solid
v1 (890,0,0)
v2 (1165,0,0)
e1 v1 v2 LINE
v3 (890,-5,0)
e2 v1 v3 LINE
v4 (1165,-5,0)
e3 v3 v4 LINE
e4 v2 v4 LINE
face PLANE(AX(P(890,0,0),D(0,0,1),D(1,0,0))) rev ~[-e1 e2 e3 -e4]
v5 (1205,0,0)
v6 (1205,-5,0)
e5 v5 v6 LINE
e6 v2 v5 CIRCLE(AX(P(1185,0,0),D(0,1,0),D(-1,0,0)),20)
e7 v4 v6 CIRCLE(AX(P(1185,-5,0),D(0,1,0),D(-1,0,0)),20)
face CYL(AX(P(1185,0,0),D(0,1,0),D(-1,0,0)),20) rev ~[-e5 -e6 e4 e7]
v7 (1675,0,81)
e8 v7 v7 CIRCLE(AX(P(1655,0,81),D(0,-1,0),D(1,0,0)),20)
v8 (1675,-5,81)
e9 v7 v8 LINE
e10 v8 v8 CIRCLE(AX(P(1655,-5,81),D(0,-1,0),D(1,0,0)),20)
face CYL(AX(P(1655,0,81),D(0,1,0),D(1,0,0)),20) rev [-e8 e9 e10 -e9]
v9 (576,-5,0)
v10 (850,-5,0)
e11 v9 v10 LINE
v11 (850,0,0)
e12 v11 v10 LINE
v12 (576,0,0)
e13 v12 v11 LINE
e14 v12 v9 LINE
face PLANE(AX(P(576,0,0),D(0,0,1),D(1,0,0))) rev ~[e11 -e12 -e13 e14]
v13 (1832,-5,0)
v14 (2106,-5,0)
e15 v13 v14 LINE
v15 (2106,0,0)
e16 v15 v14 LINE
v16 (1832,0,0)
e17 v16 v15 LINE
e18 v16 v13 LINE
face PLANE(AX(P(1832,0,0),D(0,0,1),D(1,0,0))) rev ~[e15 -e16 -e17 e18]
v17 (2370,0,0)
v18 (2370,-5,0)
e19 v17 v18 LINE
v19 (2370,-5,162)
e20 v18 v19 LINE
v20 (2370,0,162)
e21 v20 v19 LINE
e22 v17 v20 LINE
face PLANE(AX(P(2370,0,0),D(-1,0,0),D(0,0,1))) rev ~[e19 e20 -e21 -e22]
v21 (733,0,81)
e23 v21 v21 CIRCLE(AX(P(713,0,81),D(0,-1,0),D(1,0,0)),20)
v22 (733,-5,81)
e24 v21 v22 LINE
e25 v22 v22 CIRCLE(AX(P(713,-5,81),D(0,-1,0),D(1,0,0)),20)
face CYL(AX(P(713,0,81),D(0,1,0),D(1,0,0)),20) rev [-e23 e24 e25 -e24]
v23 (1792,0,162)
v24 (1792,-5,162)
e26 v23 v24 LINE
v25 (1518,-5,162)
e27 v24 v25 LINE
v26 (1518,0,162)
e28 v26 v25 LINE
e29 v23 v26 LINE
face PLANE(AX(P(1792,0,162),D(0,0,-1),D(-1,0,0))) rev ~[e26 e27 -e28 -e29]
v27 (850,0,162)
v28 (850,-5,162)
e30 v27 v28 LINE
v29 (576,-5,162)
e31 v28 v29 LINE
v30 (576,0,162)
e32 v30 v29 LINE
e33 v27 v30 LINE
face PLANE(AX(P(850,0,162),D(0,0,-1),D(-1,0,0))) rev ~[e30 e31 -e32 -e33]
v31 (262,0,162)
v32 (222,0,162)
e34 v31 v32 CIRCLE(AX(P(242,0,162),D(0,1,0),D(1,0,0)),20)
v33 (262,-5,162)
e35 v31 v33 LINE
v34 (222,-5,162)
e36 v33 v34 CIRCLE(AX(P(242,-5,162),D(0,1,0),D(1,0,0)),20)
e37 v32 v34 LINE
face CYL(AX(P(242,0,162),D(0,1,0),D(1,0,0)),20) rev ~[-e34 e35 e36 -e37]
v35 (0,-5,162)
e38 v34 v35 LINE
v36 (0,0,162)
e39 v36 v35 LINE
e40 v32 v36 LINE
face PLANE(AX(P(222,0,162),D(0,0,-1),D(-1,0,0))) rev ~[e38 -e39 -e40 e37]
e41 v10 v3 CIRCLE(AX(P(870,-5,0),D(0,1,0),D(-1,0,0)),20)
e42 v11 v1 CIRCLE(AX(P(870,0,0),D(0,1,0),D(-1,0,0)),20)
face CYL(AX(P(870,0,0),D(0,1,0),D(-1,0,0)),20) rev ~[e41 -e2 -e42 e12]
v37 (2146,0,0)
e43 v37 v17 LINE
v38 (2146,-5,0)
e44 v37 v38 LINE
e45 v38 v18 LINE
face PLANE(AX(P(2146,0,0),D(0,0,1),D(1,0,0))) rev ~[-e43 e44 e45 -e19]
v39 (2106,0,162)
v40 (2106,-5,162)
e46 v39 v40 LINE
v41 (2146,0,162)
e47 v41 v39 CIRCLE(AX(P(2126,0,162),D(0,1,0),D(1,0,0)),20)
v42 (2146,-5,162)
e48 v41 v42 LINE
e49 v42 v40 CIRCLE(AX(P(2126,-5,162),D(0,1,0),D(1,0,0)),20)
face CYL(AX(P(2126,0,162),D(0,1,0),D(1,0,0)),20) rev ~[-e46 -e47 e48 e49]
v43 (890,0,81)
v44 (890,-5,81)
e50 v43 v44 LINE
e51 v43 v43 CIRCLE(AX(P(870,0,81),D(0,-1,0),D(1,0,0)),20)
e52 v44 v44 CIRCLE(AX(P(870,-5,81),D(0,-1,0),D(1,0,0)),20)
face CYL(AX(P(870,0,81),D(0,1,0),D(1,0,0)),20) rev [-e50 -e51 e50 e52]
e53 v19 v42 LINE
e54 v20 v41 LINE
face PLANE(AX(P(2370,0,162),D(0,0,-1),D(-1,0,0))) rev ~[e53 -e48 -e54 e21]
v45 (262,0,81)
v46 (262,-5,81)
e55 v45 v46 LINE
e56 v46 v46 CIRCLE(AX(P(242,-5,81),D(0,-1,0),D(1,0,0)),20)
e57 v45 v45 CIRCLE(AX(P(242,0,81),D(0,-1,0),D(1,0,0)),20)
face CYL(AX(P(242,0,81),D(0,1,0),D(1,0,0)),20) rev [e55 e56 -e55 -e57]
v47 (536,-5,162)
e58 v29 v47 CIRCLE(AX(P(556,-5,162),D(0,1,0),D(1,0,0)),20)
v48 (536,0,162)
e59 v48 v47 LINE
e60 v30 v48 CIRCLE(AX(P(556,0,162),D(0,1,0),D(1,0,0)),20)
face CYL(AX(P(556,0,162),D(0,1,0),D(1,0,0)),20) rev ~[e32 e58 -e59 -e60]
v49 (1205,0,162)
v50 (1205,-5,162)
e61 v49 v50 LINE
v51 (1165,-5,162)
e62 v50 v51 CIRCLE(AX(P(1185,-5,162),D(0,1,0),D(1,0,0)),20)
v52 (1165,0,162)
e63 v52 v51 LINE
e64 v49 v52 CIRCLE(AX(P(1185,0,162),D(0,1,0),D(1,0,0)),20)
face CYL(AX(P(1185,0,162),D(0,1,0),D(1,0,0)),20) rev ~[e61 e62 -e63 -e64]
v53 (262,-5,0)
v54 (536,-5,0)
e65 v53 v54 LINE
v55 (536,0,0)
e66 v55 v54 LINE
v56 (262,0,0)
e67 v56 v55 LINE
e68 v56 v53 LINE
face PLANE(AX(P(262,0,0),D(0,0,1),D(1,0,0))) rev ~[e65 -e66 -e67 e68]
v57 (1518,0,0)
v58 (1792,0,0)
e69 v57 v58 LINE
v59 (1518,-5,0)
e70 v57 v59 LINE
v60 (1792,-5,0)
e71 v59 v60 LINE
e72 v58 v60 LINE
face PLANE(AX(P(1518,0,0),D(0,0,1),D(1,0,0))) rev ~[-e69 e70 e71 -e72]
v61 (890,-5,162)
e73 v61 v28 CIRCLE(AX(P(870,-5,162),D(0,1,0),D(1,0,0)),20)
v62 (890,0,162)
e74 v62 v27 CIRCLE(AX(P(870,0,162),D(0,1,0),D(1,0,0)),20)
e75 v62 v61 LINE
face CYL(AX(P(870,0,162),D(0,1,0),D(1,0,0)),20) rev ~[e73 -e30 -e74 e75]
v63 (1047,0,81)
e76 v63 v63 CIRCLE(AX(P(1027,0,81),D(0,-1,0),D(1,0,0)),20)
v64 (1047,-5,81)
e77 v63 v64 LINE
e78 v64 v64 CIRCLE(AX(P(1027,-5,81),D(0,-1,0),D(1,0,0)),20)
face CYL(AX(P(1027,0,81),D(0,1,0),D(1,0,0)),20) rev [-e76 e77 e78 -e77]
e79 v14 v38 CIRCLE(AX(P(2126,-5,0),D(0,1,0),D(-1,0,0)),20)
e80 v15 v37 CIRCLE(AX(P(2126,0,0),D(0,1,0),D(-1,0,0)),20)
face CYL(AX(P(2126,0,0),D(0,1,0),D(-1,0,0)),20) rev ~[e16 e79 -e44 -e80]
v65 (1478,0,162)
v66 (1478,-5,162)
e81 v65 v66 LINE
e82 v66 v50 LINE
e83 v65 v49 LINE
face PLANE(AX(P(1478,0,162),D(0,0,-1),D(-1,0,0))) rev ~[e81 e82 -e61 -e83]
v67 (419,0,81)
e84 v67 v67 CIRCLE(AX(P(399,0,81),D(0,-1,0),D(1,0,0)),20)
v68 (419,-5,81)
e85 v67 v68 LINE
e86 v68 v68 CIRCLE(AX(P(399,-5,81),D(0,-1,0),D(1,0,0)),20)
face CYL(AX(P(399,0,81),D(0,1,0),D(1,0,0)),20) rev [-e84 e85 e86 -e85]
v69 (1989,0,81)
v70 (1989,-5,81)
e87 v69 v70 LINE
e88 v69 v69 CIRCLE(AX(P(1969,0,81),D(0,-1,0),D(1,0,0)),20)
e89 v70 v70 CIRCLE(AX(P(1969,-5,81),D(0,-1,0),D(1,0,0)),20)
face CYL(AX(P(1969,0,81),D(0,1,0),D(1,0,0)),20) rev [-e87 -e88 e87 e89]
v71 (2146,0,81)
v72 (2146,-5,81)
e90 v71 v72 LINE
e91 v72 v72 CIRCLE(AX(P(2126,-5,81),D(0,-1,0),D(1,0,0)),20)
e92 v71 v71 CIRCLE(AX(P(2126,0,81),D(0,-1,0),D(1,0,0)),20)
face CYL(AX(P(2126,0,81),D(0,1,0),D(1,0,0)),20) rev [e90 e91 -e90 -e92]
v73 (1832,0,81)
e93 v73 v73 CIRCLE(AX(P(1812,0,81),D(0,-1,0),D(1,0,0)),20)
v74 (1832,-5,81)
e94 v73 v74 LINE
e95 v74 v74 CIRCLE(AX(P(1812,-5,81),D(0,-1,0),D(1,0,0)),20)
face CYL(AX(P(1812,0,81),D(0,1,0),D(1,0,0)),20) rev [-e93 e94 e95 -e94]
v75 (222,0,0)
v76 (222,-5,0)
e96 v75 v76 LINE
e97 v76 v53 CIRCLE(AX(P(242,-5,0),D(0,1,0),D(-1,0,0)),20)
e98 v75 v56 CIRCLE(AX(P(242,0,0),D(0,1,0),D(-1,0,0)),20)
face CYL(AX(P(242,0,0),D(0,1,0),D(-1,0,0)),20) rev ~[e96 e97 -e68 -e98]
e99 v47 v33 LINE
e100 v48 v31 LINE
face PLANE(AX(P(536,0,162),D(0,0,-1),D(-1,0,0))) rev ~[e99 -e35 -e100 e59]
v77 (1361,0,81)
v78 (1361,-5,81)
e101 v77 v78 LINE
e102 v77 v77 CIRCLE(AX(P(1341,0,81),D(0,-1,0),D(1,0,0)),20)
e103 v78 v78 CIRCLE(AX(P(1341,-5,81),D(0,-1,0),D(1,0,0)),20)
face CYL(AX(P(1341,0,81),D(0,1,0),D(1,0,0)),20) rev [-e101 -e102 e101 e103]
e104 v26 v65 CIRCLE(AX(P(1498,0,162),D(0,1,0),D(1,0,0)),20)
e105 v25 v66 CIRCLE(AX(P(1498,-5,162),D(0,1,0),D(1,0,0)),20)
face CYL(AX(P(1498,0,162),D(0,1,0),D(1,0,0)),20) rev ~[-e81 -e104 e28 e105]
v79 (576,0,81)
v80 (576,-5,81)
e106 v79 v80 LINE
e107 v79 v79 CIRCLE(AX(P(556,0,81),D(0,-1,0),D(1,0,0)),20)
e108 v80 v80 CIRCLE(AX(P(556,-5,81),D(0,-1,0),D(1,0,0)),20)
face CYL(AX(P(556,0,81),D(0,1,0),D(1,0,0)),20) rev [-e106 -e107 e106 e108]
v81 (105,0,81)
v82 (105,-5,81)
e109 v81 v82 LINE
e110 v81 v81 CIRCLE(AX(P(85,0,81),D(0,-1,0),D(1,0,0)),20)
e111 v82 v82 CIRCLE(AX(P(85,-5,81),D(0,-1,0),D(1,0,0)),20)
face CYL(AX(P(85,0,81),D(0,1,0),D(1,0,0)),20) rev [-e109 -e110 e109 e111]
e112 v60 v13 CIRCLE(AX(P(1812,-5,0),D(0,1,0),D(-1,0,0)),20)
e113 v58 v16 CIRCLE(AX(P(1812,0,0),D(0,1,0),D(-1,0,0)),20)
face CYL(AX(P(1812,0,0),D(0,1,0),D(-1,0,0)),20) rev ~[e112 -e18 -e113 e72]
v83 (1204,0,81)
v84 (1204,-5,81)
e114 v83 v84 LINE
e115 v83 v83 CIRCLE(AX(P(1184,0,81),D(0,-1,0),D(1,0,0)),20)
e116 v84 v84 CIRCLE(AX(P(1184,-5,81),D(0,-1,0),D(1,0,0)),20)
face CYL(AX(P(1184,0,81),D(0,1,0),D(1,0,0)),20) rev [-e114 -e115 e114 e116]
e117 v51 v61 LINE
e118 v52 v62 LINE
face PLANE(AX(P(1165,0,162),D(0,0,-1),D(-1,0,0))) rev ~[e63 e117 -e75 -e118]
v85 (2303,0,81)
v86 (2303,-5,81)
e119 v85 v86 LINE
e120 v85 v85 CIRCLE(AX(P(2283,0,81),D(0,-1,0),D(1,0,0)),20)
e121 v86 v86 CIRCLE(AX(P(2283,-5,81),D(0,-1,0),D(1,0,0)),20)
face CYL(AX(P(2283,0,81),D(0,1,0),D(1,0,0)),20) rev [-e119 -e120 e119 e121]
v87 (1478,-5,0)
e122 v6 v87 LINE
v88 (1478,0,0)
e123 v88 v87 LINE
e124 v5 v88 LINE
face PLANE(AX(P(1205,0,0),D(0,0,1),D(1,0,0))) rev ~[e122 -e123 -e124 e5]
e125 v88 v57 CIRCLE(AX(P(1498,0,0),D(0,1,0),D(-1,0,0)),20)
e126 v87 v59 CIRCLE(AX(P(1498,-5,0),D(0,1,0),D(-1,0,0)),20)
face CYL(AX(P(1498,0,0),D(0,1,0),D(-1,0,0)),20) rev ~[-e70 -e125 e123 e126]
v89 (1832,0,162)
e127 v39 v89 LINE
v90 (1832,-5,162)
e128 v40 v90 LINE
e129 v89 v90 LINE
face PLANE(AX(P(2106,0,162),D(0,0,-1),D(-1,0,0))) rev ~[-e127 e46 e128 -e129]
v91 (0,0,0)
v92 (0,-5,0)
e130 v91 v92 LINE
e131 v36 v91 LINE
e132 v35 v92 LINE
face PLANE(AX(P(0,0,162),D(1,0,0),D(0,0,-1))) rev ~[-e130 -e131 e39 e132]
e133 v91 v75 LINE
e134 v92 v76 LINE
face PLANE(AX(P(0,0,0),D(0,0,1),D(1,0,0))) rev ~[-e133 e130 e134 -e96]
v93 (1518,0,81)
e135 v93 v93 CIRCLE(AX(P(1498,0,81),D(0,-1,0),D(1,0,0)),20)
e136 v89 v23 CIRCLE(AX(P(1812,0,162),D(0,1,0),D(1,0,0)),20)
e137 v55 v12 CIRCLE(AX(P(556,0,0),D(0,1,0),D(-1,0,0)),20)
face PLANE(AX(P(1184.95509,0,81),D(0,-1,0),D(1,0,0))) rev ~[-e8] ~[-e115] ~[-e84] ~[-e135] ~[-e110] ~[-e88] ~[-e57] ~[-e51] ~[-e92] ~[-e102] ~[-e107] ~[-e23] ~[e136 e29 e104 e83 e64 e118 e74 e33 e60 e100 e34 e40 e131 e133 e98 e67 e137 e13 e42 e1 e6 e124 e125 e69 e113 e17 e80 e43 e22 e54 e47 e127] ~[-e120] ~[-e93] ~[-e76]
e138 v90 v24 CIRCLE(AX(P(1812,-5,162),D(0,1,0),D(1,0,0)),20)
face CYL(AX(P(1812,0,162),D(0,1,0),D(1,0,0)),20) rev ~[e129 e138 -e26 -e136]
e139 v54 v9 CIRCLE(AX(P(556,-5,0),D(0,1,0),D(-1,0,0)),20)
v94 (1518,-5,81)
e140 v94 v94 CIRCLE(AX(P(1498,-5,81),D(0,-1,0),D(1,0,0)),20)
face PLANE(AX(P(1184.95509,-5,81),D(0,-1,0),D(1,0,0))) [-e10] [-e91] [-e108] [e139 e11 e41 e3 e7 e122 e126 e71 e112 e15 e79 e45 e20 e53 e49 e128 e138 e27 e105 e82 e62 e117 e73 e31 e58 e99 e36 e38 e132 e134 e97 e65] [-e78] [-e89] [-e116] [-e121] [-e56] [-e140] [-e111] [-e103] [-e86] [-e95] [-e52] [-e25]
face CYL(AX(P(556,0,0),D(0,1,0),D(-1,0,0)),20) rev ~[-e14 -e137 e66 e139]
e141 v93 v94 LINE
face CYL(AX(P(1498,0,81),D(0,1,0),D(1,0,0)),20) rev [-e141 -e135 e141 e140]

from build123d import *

# Parameters (mm, degrees)
F0_R     = 20
F1_DEPTH = 5


with BuildPart() as f1:
    # F0 (on Front) → F1 (new body)
    with BuildSketch(Plane.XZ):
        with BuildLine():
            ThreePointArc((2106, 0), (2126, 20), (2146, 0))
            Line((2146, 0), (2370, 0))
            Line((2370, 0), (2370, 162))
            Line((2370, 162), (2146, 162))
            ThreePointArc((2146, 162), (2126, 142), (2106, 162))
            Line((2106, 162), (1832, 162))
            ThreePointArc((1832, 162), (1812, 142), (1792, 162))
            Line((1792, 162), (1518, 162))
            ThreePointArc((1518, 162), (1498, 142), (1478, 162))
            Line((1478, 162), (1205, 162))
            ThreePointArc((1205, 162), (1185, 142), (1165, 162))
            Line((1165, 162), (890, 162))
            ThreePointArc((890, 162), (870, 142), (850, 162))
            Line((850, 162), (576, 162))
            ThreePointArc((576, 162), (556, 142), (536, 162))
            Line((536, 162), (262, 162))
            ThreePointArc((262, 162), (242, 142), (222, 162))
            Line((222, 162), (0, 162))
            Line((0, 162), (0, 0))
            Line((0, 0), (222, 0))
            ThreePointArc((222, 0), (242, 20), (262, 0))
            Line((262, 0), (536, 0))
            ThreePointArc((536, 0), (556, 20), (576, 0))
            Line((576, 0), (850, 0))
            ThreePointArc((850, 0), (870, 20), (890, 0))
            Line((890, 0), (1165, 0))
            ThreePointArc((1165, 0), (1185, 20), (1205, 0))
            Line((1205, 0), (1478, 0))
            ThreePointArc((1478, 0), (1498, 20), (1518, 0))
            Line((1518, 0), (1792, 0))
            ThreePointArc((1792, 0), (1812, 20), (1832, 0))
            Line((1832, 0), (2106, 0))
        make_face()
        with Locations((85, 81)):
            Circle(F0_R, mode=Mode.SUBTRACT)
        with Locations((242, 81)):
            Circle(F0_R, mode=Mode.SUBTRACT)
        with Locations((399, 81)):
            Circle(F0_R, mode=Mode.SUBTRACT)
        with Locations((556, 81)):
            Circle(F0_R, mode=Mode.SUBTRACT)
        with Locations((713, 81)):
            Circle(F0_R, mode=Mode.SUBTRACT)
        with Locations((870, 81)):
            Circle(F0_R, mode=Mode.SUBTRACT)
        with Locations((1027, 81)):
            Circle(F0_R, mode=Mode.SUBTRACT)
        with Locations((1184, 81)):
            Circle(F0_R, mode=Mode.SUBTRACT)
        with Locations((1341, 81)):
            Circle(F0_R, mode=Mode.SUBTRACT)
        with Locations((1498, 81)):
            Circle(F0_R, mode=Mode.SUBTRACT)
        with Locations((1655, 81)):
            Circle(F0_R, mode=Mode.SUBTRACT)
        with Locations((1812, 81)):
            Circle(F0_R, mode=Mode.SUBTRACT)
        with Locations((1969, 81)):
            Circle(F0_R, mode=Mode.SUBTRACT)
        with Locations((2126, 81)):
            Circle(F0_R, mode=Mode.SUBTRACT)
        with Locations((2283, 81)):
            Circle(F0_R, mode=Mode.SUBTRACT)
    extrude(amount=F1_DEPTH)


solid = f1.part
